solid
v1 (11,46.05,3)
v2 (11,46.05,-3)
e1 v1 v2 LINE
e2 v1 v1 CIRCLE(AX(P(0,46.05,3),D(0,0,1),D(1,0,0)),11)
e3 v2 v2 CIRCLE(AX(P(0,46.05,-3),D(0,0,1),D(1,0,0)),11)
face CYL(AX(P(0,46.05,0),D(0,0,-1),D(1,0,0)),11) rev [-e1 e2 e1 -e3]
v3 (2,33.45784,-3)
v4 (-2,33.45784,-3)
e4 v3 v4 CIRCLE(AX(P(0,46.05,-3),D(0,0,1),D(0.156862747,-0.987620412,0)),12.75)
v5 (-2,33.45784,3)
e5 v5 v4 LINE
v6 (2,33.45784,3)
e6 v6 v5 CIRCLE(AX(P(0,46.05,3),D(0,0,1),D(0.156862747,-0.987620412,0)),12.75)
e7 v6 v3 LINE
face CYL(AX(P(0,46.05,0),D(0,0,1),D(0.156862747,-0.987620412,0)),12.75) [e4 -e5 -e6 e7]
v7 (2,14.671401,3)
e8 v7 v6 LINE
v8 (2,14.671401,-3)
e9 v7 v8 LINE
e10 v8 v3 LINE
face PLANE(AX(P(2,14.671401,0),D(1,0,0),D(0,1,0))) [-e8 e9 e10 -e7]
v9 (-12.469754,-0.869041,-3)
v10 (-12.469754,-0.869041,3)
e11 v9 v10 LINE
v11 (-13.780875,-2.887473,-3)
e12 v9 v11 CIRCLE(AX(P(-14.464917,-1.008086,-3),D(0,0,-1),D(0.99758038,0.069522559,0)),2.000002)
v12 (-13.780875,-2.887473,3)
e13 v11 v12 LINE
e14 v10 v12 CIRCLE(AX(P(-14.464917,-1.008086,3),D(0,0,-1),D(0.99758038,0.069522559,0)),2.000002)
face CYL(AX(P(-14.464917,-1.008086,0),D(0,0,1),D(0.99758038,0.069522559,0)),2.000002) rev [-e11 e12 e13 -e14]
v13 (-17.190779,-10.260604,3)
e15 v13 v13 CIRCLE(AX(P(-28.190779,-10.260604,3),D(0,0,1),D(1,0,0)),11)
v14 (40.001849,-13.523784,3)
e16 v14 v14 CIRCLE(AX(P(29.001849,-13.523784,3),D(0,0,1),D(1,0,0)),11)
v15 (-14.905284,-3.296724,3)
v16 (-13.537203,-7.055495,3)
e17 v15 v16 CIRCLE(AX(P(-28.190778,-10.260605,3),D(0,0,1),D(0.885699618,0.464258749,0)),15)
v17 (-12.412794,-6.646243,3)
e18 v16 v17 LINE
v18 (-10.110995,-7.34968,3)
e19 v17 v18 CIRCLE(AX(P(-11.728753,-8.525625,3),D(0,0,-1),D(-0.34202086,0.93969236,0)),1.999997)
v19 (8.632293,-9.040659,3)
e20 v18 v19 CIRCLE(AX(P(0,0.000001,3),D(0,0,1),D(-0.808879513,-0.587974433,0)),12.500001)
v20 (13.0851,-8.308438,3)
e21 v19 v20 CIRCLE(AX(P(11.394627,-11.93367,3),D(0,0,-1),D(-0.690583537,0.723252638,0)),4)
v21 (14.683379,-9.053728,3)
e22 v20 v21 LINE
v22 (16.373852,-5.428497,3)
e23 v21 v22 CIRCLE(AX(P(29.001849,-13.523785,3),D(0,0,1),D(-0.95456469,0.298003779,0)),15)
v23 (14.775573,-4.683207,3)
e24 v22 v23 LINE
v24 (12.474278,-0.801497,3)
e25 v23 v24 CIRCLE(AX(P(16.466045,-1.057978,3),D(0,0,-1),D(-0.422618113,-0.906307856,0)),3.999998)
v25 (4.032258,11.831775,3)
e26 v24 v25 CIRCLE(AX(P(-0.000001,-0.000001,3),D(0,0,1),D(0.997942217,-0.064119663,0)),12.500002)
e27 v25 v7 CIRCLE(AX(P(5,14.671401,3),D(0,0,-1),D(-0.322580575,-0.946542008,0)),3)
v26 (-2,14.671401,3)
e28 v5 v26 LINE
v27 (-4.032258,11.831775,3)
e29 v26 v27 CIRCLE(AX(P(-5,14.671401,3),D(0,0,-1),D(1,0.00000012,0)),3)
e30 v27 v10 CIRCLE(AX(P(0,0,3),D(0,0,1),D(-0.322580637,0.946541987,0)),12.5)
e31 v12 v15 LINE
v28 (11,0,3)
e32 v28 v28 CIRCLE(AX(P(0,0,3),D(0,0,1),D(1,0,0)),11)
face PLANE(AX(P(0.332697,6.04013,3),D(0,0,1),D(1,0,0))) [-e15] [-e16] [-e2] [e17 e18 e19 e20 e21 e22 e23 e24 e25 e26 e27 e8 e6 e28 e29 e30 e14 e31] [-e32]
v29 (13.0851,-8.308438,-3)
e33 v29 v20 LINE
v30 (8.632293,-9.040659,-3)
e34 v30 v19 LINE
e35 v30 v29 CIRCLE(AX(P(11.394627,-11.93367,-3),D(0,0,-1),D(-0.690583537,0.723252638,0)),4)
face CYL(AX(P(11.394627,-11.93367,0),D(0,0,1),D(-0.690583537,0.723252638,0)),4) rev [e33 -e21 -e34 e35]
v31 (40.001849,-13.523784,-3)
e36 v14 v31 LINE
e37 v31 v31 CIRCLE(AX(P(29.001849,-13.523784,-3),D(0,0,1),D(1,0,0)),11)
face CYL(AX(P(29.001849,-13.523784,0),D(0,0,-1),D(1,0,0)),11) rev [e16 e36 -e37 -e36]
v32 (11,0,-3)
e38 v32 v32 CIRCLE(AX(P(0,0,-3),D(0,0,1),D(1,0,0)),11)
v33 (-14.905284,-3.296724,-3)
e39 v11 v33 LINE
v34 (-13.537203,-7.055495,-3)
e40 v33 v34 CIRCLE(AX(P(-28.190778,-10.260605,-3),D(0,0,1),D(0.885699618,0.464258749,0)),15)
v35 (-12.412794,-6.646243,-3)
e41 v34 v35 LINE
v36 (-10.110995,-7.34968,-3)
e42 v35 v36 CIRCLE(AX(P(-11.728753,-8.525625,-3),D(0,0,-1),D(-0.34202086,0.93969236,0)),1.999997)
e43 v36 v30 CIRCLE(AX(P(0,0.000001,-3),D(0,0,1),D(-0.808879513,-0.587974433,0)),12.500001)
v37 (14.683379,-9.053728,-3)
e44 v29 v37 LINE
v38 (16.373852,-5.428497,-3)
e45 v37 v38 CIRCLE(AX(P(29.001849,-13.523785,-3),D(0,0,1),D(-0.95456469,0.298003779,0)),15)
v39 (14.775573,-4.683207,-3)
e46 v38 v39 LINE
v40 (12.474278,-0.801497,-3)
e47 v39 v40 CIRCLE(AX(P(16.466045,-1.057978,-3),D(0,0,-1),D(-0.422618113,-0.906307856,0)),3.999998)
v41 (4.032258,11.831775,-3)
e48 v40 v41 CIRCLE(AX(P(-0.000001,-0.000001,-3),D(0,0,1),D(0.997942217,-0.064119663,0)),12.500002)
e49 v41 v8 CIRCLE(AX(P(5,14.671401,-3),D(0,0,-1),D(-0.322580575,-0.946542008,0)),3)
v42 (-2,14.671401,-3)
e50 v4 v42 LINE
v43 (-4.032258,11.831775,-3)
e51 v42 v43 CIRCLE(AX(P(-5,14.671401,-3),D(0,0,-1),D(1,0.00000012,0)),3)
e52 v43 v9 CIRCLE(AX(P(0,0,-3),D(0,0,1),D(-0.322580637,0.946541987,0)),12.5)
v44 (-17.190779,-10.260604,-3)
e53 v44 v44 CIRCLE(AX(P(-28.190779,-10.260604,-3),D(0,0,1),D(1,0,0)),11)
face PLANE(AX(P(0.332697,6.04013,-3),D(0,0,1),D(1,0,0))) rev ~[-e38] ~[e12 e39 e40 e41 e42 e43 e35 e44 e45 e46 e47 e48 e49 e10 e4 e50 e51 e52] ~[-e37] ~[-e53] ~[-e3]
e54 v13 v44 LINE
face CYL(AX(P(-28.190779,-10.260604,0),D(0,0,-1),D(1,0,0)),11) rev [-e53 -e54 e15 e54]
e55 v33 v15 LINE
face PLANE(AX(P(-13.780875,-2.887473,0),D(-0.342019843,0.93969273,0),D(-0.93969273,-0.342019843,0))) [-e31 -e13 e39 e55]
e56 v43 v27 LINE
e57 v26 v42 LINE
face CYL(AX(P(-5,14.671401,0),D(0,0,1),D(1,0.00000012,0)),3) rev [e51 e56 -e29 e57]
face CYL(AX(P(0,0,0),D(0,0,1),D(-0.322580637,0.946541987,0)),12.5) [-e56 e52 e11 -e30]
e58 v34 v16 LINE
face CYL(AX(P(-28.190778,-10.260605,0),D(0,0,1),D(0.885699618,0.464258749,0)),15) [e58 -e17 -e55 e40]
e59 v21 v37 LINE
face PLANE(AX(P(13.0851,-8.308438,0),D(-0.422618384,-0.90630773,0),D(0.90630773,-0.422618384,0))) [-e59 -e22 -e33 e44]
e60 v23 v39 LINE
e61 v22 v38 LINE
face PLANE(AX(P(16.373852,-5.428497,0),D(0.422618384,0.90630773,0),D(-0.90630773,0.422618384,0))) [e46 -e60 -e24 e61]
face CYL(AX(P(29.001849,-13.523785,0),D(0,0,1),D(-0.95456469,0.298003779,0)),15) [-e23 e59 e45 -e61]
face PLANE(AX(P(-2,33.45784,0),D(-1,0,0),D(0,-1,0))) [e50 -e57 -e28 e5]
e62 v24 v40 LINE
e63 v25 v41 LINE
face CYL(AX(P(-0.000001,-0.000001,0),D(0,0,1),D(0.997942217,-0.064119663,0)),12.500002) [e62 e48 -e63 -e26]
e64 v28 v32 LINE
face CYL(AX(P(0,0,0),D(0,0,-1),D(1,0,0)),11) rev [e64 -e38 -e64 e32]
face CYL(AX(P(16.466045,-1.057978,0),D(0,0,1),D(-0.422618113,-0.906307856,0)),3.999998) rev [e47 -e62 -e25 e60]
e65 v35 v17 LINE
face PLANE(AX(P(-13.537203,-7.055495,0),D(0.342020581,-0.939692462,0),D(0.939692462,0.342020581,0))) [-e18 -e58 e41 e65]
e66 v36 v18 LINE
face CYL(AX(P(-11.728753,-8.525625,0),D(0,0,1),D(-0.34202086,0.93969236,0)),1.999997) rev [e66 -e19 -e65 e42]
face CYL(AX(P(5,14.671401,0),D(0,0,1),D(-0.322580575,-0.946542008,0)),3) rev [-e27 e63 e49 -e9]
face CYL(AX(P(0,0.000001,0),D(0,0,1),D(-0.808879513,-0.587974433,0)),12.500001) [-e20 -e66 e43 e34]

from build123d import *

# Parameters (mm, degrees)
F0_R     = 11
F1_DEPTH = 3


with BuildPart() as f1:
    # F0 (on Top) → F1 (new body, symmetric)
    with BuildSketch(Plane.XY):
        with BuildLine():
            ThreePointArc((-2, 14.671401), (-2.560407, 12.925438), (-4.032258, 11.831775))
            ThreePointArc((-4.032258, 11.831775), (-10.411858, 6.916879), (-12.469754, -0.869041))
            ThreePointArc((-12.469754, -0.869041), (-12.787701, -2.097561), (-13.780875, -2.887473))
            Line((-13.780875, -2.887473), (-14.905284, -3.296724))
            ThreePointArc((-14.905284, -3.296724), (-42.286168, -15.390906), (-13.537203, -7.055495))
            Line((-13.537203, -7.055495), (-12.412794, -6.646243))
            ThreePointArc((-12.412794, -6.646243), (-11.144234, -6.61295), (-10.110995, -7.34968))
            ThreePointArc((-10.110995, -7.34968), (-1.123162, -12.449438), (8.632293, -9.040659))
            ThreePointArc((8.632293, -9.040659), (10.745583, -7.986678), (13.0851, -8.308438))
            Line((13.0851, -8.308438), (14.683379, -9.053728))
            ThreePointArc((14.683379, -9.053728), (42.596466, -19.863058), (16.373852, -5.428497))
            Line((16.373852, -5.428497), (14.775573, -4.683207))
            ThreePointArc((14.775573, -4.683207), (13.025278, -3.097857), (12.474278, -0.801497))
            ThreePointArc((12.474278, -0.801497), (10.39309, 6.945047), (4.032258, 11.831775))
            ThreePointArc((4.032258, 11.831775), (2.560407, 12.925438), (2, 14.671401))
            Line((2, 14.671401), (2, 33.45784))
            ThreePointArc((2, 33.45784), (0, 58.8), (-2, 33.45784))
            Line((-2, 33.45784), (-2, 14.671401))
        make_face()
        with Locations((-28.190779, -10.260604)):
            Circle(F0_R, mode=Mode.SUBTRACT)
        Circle(F0_R, mode=Mode.SUBTRACT)
        with Locations((29.001849, -13.523784)):
            Circle(F0_R, mode=Mode.SUBTRACT)
        with Locations((0, 46.05)):
            Circle(F0_R, mode=Mode.SUBTRACT)
    extrude(amount=F1_DEPTH, both=True)


solid = f1.part
